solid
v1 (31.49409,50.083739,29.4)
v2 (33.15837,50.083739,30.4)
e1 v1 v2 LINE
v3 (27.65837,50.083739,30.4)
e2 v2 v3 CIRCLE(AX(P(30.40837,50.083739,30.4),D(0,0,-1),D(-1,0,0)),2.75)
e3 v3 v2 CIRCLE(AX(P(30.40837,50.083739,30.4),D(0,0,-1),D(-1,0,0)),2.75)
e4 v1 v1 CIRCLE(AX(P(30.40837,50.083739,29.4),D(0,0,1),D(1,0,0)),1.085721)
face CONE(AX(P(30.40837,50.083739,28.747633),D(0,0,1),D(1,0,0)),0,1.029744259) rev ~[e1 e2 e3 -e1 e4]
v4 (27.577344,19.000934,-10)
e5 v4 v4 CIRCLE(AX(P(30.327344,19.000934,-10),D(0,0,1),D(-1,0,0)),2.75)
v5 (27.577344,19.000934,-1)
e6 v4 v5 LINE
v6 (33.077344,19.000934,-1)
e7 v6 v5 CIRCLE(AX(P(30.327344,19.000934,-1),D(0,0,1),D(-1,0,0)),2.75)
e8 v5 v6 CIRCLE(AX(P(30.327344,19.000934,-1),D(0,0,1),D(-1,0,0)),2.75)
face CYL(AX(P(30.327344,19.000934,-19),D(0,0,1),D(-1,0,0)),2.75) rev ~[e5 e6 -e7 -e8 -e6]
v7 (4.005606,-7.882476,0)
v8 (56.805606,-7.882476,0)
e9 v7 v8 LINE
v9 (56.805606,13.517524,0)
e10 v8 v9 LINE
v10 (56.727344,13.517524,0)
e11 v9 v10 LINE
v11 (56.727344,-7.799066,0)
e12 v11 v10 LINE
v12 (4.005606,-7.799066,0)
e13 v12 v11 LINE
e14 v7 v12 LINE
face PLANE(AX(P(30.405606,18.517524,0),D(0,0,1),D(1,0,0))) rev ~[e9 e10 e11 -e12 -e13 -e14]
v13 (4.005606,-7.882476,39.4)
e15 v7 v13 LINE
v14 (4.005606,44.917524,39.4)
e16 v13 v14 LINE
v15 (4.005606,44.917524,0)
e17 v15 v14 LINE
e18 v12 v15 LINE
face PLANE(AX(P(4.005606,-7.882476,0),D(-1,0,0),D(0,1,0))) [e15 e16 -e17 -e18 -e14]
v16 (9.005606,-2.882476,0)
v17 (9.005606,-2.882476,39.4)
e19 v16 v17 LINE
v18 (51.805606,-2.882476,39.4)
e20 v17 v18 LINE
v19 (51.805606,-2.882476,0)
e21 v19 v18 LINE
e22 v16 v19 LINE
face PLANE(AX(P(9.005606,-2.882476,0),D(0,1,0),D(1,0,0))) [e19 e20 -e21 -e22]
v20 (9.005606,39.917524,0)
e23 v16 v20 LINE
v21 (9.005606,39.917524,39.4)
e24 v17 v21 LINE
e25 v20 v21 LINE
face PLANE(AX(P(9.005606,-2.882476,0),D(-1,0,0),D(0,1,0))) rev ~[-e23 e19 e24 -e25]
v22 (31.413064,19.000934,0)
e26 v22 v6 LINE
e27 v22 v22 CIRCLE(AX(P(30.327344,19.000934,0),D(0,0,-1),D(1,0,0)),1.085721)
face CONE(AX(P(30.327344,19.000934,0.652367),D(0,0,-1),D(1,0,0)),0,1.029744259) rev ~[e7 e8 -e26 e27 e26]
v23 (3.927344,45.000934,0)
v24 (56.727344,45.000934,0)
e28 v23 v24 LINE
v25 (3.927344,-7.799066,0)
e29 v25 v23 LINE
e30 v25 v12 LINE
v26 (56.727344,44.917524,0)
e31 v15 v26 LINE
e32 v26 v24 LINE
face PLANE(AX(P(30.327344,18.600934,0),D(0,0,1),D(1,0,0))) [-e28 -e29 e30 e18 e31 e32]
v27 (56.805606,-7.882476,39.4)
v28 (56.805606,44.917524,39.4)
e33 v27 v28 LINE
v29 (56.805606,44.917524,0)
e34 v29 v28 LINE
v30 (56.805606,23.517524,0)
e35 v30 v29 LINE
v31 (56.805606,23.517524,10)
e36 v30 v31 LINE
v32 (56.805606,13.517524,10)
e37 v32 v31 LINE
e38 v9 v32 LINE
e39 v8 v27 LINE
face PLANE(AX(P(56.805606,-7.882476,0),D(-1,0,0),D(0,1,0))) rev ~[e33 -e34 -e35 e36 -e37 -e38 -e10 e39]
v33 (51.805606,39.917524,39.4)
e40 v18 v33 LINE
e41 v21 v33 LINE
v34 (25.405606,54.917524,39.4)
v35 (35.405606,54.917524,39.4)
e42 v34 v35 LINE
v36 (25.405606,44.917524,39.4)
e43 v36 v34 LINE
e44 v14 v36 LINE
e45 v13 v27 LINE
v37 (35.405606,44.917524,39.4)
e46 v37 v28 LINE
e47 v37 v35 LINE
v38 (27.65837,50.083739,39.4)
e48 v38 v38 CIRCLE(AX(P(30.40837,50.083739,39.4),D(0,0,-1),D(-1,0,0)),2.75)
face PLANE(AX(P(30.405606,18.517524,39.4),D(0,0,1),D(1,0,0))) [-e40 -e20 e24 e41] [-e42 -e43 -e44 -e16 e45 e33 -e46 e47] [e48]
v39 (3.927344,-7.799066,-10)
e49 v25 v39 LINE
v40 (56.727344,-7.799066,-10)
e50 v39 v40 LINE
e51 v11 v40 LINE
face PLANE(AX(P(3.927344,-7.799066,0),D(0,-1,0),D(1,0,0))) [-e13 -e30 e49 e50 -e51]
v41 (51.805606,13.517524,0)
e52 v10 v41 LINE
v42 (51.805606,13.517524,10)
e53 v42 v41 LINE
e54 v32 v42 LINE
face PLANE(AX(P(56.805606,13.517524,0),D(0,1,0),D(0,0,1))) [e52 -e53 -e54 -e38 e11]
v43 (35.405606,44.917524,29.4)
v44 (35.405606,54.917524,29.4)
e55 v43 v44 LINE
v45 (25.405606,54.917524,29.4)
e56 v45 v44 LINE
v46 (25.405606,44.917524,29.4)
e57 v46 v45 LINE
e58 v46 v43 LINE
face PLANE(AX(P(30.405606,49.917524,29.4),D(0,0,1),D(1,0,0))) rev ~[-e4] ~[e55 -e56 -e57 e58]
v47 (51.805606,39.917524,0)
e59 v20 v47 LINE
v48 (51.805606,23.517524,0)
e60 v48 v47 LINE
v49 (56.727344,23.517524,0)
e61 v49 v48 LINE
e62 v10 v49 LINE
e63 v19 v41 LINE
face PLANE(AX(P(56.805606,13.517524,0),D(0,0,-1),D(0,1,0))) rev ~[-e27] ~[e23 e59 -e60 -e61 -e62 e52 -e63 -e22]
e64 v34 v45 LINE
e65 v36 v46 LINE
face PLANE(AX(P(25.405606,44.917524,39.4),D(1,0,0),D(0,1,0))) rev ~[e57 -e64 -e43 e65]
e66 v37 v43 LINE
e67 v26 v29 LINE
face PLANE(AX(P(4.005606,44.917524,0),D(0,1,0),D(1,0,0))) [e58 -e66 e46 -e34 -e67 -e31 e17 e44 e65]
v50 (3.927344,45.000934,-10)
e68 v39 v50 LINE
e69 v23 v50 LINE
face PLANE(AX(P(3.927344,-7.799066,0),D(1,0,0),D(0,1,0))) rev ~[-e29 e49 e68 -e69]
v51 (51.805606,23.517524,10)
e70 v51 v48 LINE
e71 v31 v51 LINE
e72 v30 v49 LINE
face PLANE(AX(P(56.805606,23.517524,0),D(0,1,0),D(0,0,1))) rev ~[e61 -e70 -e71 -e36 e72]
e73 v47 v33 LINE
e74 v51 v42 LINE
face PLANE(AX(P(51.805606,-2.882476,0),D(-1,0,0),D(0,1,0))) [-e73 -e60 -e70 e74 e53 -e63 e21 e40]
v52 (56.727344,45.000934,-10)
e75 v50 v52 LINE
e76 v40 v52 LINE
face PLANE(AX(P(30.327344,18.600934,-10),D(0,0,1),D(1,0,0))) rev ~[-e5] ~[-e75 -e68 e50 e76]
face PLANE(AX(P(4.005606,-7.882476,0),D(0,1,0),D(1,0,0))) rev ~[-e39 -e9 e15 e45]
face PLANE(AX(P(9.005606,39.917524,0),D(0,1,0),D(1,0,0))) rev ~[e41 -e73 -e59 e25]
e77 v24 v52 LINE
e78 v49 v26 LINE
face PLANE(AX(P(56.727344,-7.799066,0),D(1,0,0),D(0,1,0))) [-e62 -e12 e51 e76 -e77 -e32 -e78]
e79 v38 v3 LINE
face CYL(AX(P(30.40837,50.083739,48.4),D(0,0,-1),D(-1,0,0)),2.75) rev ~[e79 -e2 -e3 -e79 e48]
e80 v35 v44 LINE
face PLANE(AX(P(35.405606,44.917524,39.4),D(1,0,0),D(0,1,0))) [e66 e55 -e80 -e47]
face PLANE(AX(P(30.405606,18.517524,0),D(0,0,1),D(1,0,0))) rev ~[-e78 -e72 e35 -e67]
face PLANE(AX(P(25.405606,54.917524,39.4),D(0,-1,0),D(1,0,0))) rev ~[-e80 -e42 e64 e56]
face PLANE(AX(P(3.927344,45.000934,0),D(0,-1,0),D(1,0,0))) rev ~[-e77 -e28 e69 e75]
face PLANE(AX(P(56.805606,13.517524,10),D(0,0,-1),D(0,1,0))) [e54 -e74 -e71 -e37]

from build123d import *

# Parameters (mm, degrees)
F0_W      = 52.8
F0_H      = 52.8
F0_W_2    = 42.8
F0_H_2    = 42.8
F1_DEPTH  = 39.4
F2_W      = 52.8
F2_H      = 52.8
F3_DEPTH  = 10
F4_W      = 10
F4_H      = 10
F5_DEPTH  = 25
F6_W      = 10
F6_H      = 10
F7_DEPTH  = 10
F9_D      = 5.5
F9_DEPTH  = 9
F9_TIP    = 1.6523667023
F11_D     = 5.5
F11_DEPTH = 9
F11_TIP   = 1.6523667023


with BuildPart() as f1:
    # F0 (on Top) → F1 (new body)
    with BuildSketch(Plane.XY):
        with Locations((30.4056062862, 18.5175239619)):
            Rectangle(F0_W, F0_H)
        with Locations((30.4056062862, 18.5175239619)):
            Rectangle(F0_W_2, F0_H_2, mode=Mode.SUBTRACT)
    extrude(amount=F1_DEPTH)

    # F2 (on Top) → F3 (join)
    with BuildSketch(Plane.XY):
        with Locations((30.3273436148, 18.6009341)):
            Rectangle(F2_W, F2_H)
    extrude(amount=-F3_DEPTH)

    # F4 (on face) → F5 (cut)
    with BuildSketch(Plane.YZ.offset(56.8056062862)):
        with Locations((18.5175239619, 5)):
            Rectangle(F4_W, F4_H)
    extrude(amount=-F5_DEPTH, mode=Mode.SUBTRACT)

    # F6 (on face) → F7 (join)
    with BuildSketch(Plane.XY.offset(39.4)):
        with Locations((30.4056062862, 49.9175239619)):
            Rectangle(F6_W, F6_H)
    extrude(amount=-F7_DEPTH)

    # F9
    with Locations(Plane.XY.offset(39.4)):
        with Locations((30.4083697991, 50.0837391585)):
            Hole(F9_D / 2, depth=F9_DEPTH)
            with Locations((0, 0, -(F9_DEPTH + F9_TIP / 2))):  # 118° drill point
                Cone(0, F9_D / 2, F9_TIP, mode=Mode.SUBTRACT)

    # F11
    with Locations(Plane(origin=(0, 0, -10), x_dir=(1, 0, 0), z_dir=(0, 0, -1))):
        with Locations((30.3273436148, -19.0009341)):
            Hole(F11_D / 2, depth=F11_DEPTH)
            with Locations((0, 0, -(F11_DEPTH + F11_TIP / 2))):  # 118° drill point
                Cone(0, F11_D / 2, F11_TIP, mode=Mode.SUBTRACT)


solid = f1.part
